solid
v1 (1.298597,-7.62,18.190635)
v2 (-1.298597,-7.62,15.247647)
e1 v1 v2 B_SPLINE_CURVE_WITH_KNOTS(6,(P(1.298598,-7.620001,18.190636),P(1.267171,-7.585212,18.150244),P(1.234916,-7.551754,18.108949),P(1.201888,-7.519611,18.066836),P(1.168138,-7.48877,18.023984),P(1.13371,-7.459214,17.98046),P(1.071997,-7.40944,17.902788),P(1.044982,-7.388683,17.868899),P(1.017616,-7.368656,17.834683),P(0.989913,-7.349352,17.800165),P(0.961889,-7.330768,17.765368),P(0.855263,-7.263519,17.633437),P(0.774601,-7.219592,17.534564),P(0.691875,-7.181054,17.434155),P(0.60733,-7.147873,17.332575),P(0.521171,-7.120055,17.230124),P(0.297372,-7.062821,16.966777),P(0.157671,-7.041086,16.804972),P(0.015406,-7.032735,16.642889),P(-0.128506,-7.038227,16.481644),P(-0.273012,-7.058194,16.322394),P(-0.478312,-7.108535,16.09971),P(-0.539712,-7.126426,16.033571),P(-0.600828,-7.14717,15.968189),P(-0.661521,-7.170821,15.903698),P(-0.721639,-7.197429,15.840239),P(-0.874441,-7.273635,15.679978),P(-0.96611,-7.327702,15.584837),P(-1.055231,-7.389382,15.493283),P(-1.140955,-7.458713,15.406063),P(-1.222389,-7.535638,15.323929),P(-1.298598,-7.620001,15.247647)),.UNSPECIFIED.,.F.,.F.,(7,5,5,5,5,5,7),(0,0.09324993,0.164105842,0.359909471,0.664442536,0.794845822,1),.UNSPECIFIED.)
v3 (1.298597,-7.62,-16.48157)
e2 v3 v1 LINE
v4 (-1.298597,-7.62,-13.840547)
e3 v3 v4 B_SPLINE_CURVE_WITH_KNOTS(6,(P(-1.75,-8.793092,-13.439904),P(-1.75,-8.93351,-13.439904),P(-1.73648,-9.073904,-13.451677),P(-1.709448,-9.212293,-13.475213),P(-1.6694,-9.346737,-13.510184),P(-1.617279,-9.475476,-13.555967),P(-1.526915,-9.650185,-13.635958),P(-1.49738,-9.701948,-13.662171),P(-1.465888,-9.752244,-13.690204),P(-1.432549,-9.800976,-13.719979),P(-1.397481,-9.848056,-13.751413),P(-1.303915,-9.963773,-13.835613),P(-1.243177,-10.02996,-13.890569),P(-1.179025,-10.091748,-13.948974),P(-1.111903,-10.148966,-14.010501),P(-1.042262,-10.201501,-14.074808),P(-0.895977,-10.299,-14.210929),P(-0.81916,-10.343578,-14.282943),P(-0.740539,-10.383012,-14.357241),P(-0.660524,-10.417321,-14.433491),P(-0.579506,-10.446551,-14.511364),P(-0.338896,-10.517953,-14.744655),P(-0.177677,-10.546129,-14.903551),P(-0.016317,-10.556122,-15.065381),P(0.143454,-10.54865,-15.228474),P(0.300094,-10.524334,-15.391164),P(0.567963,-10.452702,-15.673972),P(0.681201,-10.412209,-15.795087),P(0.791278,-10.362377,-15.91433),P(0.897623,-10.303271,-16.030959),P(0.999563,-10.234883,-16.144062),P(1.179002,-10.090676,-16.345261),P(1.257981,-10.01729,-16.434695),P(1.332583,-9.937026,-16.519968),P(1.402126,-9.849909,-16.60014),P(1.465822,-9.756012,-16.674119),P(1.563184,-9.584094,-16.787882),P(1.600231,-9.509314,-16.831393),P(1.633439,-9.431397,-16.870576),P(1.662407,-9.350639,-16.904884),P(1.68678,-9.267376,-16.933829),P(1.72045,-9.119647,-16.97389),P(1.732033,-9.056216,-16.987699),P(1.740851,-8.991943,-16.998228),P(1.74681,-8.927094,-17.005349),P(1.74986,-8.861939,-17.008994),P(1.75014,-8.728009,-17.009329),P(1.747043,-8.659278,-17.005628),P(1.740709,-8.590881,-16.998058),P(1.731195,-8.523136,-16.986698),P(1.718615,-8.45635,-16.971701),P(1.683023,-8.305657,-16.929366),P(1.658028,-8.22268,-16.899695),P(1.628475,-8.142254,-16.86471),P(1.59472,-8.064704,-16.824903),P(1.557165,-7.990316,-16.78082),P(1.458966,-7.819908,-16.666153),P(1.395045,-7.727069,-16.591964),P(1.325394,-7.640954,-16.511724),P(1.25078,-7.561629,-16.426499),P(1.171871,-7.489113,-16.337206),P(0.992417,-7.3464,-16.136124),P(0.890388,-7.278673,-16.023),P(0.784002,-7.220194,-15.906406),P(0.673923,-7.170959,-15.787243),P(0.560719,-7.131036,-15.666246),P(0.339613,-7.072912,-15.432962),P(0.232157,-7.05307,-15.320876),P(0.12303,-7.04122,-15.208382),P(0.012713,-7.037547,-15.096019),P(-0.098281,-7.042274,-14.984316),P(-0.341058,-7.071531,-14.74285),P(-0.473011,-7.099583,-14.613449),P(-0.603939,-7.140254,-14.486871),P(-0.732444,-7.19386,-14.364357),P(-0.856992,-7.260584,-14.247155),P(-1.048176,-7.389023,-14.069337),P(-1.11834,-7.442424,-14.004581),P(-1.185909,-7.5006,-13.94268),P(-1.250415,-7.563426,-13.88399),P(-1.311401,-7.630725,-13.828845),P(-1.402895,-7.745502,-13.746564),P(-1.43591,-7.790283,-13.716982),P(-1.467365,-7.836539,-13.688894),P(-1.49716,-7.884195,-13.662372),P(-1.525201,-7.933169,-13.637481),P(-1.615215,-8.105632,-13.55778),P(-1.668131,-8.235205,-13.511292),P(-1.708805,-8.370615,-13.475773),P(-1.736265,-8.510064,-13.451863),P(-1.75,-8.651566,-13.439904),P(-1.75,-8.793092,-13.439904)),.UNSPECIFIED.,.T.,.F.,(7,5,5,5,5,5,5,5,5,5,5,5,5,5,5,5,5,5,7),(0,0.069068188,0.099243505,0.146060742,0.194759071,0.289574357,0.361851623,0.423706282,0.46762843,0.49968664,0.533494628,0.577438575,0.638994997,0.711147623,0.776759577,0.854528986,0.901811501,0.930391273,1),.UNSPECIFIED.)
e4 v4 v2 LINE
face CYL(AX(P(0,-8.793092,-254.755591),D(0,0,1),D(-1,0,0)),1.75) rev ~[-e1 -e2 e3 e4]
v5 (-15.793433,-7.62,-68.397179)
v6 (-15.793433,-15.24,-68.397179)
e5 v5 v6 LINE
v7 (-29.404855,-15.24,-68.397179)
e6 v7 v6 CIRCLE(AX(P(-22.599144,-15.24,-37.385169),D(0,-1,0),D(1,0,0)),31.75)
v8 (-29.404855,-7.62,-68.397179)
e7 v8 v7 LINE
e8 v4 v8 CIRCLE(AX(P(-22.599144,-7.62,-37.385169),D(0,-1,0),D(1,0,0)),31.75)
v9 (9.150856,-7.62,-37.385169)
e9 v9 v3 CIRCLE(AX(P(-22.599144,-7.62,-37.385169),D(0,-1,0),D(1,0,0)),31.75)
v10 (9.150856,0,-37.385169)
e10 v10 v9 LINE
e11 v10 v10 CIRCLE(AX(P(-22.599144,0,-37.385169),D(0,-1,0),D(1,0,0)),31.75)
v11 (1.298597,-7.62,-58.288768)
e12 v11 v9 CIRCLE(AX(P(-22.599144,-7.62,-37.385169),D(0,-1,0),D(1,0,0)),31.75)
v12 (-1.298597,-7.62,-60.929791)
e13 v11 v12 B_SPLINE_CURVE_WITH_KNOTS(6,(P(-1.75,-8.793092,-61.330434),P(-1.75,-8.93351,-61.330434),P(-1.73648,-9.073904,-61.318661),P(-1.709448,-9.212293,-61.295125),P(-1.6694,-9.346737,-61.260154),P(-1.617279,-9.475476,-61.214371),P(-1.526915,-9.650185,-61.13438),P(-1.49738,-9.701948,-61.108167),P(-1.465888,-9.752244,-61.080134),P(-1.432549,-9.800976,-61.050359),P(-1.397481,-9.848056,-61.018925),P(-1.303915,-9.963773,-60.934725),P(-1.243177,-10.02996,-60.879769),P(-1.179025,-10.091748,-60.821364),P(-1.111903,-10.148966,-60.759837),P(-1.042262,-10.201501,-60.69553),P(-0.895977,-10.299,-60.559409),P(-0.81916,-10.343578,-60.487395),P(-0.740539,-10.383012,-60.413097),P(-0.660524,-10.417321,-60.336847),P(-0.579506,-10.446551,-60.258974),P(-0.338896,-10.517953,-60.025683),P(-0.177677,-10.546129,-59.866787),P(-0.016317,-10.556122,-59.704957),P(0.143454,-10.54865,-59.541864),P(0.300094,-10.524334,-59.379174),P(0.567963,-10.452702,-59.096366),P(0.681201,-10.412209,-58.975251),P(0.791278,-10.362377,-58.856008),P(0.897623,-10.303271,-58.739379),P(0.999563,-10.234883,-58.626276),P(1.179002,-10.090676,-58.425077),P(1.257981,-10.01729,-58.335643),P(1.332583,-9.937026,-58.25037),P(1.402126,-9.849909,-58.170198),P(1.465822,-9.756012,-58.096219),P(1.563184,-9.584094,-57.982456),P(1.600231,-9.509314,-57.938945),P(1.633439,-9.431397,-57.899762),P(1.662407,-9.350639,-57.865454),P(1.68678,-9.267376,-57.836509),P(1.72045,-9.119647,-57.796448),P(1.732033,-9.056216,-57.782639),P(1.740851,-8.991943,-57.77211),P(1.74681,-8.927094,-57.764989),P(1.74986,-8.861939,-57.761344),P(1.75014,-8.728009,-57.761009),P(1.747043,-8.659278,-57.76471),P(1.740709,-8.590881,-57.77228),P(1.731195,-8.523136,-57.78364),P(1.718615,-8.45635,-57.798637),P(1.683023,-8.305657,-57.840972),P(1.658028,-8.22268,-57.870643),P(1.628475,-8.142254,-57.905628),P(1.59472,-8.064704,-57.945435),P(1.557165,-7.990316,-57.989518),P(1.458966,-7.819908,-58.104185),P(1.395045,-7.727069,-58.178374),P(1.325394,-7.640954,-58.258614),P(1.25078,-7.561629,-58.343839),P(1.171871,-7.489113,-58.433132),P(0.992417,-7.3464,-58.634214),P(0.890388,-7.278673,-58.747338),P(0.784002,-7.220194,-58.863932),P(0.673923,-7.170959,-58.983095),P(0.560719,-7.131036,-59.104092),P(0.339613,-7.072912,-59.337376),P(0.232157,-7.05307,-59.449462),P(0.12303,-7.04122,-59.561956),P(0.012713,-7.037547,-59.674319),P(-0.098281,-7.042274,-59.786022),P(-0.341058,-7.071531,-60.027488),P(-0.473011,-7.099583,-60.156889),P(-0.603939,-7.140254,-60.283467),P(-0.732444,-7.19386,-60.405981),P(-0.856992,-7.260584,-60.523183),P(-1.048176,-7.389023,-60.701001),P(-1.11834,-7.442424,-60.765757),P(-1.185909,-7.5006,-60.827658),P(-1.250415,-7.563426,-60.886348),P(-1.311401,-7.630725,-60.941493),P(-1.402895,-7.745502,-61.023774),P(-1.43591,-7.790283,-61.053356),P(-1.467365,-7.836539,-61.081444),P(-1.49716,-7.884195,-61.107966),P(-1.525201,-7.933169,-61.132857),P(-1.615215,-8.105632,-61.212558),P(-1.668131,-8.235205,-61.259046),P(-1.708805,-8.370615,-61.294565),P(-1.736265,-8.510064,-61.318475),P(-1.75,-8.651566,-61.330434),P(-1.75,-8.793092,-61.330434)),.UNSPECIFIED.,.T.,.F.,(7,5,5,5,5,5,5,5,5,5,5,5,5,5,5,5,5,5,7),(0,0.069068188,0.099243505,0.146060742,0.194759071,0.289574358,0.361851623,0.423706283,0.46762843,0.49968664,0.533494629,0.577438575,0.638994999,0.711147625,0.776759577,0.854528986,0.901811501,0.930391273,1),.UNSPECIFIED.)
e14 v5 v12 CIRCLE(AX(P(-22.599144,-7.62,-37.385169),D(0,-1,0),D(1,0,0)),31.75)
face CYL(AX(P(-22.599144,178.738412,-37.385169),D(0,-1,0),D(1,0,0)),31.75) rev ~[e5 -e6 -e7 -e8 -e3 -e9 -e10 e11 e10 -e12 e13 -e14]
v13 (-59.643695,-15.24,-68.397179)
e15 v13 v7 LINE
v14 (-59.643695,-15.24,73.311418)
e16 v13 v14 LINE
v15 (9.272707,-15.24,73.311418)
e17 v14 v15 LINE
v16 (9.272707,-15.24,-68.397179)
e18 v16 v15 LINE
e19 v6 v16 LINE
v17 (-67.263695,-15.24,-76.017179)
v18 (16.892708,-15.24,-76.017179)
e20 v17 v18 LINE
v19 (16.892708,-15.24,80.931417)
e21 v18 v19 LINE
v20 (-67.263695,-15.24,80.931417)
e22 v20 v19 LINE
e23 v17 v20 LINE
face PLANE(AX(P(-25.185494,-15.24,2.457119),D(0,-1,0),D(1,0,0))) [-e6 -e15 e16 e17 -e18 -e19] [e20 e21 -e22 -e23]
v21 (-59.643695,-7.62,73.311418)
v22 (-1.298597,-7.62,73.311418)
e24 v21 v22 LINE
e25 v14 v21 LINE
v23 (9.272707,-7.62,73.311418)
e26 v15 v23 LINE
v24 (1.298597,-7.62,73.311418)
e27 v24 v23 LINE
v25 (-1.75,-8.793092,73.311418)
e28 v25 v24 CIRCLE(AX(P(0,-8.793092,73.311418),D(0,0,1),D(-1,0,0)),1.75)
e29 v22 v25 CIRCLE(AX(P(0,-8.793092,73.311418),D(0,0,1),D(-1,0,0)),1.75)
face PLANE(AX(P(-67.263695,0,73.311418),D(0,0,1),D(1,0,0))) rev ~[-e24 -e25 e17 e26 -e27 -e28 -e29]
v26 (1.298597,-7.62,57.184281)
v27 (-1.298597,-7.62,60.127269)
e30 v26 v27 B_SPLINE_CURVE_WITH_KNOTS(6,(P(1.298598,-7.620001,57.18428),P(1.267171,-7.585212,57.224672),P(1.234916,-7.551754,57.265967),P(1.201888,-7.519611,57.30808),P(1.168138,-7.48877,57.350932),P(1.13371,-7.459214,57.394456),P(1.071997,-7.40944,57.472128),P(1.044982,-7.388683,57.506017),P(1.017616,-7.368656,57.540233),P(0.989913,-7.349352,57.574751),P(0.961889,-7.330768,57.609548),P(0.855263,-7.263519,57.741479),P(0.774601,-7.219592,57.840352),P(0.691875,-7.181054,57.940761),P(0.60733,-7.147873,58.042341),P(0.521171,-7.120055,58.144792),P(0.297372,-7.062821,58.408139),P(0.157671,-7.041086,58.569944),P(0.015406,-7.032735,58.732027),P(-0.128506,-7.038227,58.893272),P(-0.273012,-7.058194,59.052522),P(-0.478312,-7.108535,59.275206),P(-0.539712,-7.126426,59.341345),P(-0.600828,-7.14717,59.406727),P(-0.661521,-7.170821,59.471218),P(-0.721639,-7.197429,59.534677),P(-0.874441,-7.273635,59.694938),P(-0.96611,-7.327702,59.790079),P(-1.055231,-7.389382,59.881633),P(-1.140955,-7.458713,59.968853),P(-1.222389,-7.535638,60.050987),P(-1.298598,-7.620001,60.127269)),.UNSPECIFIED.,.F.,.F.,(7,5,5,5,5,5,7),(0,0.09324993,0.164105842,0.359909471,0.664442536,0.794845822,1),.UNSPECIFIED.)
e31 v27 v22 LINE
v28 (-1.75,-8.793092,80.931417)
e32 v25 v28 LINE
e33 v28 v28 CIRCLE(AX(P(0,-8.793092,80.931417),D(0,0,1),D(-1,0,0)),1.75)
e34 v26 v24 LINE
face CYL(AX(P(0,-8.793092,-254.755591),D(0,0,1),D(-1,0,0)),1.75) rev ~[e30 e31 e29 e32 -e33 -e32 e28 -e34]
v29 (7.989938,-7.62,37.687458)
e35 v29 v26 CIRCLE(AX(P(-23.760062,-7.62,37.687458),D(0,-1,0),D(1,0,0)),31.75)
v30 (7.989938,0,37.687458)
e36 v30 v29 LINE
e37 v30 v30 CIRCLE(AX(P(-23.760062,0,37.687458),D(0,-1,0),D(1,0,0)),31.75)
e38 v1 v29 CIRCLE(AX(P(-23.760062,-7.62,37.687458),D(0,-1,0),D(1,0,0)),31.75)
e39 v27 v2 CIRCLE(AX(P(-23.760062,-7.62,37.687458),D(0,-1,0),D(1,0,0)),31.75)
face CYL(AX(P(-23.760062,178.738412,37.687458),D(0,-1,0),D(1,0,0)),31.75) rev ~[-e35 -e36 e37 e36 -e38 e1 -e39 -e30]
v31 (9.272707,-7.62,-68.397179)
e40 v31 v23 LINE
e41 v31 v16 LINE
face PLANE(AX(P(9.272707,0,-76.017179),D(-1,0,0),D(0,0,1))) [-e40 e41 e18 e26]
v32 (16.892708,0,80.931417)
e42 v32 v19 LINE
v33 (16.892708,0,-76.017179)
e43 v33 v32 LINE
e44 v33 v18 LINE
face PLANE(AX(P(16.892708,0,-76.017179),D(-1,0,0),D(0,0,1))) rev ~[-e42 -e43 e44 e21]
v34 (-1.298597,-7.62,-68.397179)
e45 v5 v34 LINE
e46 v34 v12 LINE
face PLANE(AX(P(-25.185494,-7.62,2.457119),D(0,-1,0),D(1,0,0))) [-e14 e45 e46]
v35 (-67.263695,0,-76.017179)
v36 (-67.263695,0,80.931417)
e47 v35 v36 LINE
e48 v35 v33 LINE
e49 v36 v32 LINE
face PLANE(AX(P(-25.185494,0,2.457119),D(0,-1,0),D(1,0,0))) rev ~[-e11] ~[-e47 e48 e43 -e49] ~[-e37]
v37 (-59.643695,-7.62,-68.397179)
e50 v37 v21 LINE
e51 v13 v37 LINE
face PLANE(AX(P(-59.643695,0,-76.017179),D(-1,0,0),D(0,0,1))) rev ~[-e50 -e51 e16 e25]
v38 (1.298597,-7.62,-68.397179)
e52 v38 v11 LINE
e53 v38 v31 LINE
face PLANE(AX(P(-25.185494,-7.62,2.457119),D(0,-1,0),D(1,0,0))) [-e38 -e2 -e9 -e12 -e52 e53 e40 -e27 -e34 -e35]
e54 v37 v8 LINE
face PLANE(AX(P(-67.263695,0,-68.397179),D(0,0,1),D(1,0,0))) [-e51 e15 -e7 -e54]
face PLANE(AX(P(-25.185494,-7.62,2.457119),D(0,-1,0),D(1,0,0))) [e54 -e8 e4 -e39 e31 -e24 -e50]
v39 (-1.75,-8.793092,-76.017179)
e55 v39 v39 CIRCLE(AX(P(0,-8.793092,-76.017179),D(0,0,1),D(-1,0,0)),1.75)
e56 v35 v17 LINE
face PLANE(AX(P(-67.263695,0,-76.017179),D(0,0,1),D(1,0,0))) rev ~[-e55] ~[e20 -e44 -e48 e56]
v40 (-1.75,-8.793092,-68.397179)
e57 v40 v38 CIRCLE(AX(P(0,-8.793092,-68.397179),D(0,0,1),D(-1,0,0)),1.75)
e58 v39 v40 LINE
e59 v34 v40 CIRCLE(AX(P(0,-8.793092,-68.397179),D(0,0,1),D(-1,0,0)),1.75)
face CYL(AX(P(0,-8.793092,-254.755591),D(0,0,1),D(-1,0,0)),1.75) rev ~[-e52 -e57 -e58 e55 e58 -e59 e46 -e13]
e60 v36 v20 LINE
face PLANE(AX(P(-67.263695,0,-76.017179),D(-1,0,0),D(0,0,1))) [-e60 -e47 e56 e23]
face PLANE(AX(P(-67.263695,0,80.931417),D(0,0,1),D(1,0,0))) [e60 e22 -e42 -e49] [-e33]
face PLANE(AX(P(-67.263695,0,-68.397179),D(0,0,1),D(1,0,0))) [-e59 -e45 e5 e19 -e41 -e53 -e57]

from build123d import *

# Parameters (mm, degrees)
F0_W     = 84.156403
F0_H     = 156.948597
F1_DEPTH = 15.24
F2_T     = -7.62
F4_D     = 63.5
F6_D     = 63.5
F8_D     = 3.5


with BuildPart() as f1:
    # F0 (on Front) → F1 (new body)
    with BuildSketch(Plane.XZ):
        with Locations((-25.185494, 2.457119)):
            Rectangle(F0_W, F0_H)
    extrude(amount=F1_DEPTH)

    # F2
    f2_openings = [f1.faces().sort_by_distance(p)[0] for p in [
        (-25.185495, -15.24, 2.45712),
    ]]
    offset(amount=F2_T, openings=f2_openings)

    # F4 (through all)
    with Locations(Plane(origin=(0, 0, 0), x_dir=(-1, 0, 0), z_dir=(0, 1, 0))):
        with Locations((23.760062, 37.687458)):
            Hole(F4_D / 2)

    # F6 (through all)
    with Locations(Plane(origin=(0, 0, 0), x_dir=(-1, 0, 0), z_dir=(0, 1, 0))):
        with Locations((22.599144, -37.385169)):
            Hole(F6_D / 2)

    # F8 (through all)
    with Locations(Plane(origin=(0, 0, -76.017179), x_dir=(1, 0, 0), z_dir=(0, 0, -1))):
        with Locations((0, 8.793092)):
            Hole(F8_D / 2)


solid = f1.part
